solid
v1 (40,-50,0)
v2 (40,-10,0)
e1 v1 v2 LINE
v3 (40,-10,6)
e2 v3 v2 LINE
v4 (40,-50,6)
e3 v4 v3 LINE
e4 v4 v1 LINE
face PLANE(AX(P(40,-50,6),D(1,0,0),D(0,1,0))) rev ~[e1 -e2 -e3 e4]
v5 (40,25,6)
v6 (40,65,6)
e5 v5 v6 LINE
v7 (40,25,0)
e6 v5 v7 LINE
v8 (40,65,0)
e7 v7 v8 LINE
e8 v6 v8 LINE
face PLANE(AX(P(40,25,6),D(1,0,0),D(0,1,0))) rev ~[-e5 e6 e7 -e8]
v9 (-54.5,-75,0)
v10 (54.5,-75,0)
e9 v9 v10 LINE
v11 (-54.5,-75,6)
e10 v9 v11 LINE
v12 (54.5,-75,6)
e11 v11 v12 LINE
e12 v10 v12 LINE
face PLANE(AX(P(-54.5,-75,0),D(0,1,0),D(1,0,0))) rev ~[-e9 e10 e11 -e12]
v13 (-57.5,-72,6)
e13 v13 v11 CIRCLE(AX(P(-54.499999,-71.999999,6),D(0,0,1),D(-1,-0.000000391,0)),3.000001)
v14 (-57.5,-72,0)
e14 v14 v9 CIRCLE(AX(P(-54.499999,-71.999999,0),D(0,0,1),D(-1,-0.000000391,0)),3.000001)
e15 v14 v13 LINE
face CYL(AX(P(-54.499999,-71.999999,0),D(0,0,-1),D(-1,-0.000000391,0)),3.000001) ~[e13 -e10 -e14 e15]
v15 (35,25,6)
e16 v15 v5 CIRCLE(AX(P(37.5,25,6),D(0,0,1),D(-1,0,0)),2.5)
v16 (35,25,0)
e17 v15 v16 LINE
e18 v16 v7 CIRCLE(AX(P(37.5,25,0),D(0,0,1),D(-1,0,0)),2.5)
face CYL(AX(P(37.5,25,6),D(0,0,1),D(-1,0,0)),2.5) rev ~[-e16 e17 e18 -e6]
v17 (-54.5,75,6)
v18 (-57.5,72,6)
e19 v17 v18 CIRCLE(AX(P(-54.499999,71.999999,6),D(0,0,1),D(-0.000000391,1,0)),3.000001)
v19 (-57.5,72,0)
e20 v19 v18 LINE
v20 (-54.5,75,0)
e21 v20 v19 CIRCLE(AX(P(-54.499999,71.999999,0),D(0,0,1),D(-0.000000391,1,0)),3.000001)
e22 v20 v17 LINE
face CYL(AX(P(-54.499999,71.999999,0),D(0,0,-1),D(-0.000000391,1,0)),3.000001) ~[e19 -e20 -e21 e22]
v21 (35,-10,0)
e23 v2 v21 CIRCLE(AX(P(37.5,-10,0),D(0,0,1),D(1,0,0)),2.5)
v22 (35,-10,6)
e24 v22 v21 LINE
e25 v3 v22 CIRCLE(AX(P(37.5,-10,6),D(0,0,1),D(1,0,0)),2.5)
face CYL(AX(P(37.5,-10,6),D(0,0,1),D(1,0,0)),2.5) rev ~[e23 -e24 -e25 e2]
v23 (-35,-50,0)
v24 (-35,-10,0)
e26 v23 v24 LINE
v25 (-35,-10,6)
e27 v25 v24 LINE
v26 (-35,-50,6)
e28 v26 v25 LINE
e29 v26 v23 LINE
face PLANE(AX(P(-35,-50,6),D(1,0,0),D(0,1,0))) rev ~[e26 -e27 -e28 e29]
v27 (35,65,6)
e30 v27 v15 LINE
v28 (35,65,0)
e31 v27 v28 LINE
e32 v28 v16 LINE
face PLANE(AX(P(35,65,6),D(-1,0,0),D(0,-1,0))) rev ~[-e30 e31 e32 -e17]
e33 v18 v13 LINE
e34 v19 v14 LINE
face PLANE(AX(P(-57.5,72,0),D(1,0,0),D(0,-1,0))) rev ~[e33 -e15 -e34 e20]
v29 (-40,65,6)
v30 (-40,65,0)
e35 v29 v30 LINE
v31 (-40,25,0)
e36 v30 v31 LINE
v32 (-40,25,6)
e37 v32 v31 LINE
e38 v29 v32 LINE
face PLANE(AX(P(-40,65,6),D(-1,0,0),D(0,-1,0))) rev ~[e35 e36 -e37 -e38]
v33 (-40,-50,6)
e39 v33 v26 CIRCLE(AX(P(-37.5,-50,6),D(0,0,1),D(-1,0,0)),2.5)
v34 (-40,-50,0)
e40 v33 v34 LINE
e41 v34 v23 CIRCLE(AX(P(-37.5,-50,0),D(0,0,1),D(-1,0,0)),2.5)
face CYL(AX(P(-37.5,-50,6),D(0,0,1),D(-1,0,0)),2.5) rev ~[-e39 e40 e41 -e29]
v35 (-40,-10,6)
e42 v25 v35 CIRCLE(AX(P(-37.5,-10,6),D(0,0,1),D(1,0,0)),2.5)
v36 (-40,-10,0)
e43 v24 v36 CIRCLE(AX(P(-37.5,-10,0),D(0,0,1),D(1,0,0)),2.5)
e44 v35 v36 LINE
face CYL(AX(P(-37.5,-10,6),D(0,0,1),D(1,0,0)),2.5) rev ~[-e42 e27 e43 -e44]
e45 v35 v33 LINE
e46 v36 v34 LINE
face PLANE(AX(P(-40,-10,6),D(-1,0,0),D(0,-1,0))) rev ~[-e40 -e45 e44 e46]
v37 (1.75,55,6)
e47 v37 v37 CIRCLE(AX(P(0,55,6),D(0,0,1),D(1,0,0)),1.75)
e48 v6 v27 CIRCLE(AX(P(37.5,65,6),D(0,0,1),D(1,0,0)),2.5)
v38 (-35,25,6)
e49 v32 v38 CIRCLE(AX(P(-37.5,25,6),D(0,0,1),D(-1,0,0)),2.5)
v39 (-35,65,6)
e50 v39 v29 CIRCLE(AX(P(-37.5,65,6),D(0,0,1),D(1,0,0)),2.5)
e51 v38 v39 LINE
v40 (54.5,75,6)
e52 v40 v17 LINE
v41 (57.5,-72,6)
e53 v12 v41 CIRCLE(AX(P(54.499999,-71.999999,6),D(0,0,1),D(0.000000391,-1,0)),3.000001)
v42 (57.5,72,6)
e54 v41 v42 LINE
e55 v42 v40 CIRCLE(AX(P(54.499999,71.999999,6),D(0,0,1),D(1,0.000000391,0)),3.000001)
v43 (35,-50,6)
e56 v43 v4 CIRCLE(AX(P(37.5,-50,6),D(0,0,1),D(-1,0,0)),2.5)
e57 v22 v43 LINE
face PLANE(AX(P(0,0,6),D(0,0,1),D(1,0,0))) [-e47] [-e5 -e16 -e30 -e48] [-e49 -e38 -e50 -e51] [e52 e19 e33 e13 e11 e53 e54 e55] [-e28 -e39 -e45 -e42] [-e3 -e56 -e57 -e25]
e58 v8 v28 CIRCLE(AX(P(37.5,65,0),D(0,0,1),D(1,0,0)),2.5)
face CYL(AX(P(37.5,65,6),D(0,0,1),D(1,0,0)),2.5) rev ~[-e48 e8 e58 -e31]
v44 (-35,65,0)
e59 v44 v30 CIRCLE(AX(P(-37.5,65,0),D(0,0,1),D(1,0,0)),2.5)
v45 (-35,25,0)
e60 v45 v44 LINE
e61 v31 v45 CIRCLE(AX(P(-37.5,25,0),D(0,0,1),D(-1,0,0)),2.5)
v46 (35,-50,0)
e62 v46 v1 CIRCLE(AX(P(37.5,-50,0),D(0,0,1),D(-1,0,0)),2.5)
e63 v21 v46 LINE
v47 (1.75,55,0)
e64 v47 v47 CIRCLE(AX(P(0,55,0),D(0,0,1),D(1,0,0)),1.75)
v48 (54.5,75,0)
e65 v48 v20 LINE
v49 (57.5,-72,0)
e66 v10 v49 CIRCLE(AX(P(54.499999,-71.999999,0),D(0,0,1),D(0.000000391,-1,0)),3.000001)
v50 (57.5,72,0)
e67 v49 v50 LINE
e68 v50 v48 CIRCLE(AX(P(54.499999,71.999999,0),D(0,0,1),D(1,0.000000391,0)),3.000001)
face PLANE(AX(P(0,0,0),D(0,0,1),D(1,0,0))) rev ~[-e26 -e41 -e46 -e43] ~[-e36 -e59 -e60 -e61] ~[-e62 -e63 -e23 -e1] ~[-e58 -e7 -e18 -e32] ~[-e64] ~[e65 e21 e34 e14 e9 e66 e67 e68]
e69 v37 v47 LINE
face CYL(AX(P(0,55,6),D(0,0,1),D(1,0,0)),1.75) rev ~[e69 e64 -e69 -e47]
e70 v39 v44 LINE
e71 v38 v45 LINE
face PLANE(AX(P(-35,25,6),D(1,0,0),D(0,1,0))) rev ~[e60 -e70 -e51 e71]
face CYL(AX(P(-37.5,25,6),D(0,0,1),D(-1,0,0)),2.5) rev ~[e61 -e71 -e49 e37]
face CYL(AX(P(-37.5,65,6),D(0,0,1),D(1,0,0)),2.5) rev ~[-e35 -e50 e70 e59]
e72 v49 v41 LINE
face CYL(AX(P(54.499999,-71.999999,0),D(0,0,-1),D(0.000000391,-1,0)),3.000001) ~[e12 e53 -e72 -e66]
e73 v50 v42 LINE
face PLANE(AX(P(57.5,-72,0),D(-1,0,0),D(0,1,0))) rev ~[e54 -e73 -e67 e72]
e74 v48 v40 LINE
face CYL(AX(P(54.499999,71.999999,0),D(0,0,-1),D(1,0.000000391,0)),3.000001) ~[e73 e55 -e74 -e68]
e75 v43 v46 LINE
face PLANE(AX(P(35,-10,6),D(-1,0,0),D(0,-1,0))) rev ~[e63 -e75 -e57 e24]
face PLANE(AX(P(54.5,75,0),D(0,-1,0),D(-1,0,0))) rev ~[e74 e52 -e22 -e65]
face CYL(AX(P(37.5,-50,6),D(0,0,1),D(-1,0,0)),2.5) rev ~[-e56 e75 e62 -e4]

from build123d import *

# Parameters (mm, degrees)
F1_DEPTH = 6
F3_DEPTH = 6
F4_R     = 1.75
F5_DEPTH = 6


with BuildPart() as f1:
    # F0 (on Top) → F1 (new body)
    with BuildSketch(Plane.XY):
        with BuildLine():
            Line((-54.5, -75), (54.5, -75))
            ThreePointArc((54.5, -75), (56.62132, -74.12132), (57.5, -72))
            Line((57.5, -72), (57.5, 72))
            ThreePointArc((57.5, 72), (56.62132, 74.12132), (54.5, 75))
            Line((54.5, 75), (-54.5, 75))
            ThreePointArc((-54.5, 75), (-56.62132, 74.12132), (-57.5, 72))
            Line((-57.5, 72), (-57.5, -72))
            ThreePointArc((-57.5, -72), (-56.62132, -74.12132), (-54.5, -75))
        make_face()
    extrude(amount=F1_DEPTH)

    # F2 (on face) → F3 (cut, through all)
    with BuildSketch(Plane.XY.offset(6)):
        with BuildLine():
            ThreePointArc((-35, 65), (-37.5, 67.5), (-40, 65))
            Line((-40, 65), (-40, 25))
            ThreePointArc((-40, 25), (-37.5, 22.5), (-35, 25))
            Line((-35, 25), (-35, 65))
        make_face()
        with BuildLine():
            ThreePointArc((40, 65), (37.5, 67.5), (35, 65))
            Line((35, 65), (35, 25))
            ThreePointArc((35, 25), (37.5, 22.5), (40, 25))
            Line((40, 25), (40, 65))
        make_face()
        with BuildLine():
            ThreePointArc((40, -10), (37.5, -7.5), (35, -10))
            Line((35, -10), (35, -50))
            ThreePointArc((35, -50), (37.5, -52.5), (40, -50))
            Line((40, -50), (40, -10))
        make_face()
        with BuildLine():
            ThreePointArc((-35, -10), (-37.5, -7.5), (-40, -10))
            Line((-40, -10), (-40, -50))
            ThreePointArc((-40, -50), (-37.5, -52.5), (-35, -50))
            Line((-35, -50), (-35, -10))
        make_face()
    extrude(amount=-F3_DEPTH, mode=Mode.SUBTRACT)

    # F4 (on face) → F5 (cut, through all)
    with BuildSketch(Plane.XY.offset(6)):
        with Locations((0, 55)):
            Circle(F4_R)
    extrude(amount=-F5_DEPTH, mode=Mode.SUBTRACT)


solid = f1.part
